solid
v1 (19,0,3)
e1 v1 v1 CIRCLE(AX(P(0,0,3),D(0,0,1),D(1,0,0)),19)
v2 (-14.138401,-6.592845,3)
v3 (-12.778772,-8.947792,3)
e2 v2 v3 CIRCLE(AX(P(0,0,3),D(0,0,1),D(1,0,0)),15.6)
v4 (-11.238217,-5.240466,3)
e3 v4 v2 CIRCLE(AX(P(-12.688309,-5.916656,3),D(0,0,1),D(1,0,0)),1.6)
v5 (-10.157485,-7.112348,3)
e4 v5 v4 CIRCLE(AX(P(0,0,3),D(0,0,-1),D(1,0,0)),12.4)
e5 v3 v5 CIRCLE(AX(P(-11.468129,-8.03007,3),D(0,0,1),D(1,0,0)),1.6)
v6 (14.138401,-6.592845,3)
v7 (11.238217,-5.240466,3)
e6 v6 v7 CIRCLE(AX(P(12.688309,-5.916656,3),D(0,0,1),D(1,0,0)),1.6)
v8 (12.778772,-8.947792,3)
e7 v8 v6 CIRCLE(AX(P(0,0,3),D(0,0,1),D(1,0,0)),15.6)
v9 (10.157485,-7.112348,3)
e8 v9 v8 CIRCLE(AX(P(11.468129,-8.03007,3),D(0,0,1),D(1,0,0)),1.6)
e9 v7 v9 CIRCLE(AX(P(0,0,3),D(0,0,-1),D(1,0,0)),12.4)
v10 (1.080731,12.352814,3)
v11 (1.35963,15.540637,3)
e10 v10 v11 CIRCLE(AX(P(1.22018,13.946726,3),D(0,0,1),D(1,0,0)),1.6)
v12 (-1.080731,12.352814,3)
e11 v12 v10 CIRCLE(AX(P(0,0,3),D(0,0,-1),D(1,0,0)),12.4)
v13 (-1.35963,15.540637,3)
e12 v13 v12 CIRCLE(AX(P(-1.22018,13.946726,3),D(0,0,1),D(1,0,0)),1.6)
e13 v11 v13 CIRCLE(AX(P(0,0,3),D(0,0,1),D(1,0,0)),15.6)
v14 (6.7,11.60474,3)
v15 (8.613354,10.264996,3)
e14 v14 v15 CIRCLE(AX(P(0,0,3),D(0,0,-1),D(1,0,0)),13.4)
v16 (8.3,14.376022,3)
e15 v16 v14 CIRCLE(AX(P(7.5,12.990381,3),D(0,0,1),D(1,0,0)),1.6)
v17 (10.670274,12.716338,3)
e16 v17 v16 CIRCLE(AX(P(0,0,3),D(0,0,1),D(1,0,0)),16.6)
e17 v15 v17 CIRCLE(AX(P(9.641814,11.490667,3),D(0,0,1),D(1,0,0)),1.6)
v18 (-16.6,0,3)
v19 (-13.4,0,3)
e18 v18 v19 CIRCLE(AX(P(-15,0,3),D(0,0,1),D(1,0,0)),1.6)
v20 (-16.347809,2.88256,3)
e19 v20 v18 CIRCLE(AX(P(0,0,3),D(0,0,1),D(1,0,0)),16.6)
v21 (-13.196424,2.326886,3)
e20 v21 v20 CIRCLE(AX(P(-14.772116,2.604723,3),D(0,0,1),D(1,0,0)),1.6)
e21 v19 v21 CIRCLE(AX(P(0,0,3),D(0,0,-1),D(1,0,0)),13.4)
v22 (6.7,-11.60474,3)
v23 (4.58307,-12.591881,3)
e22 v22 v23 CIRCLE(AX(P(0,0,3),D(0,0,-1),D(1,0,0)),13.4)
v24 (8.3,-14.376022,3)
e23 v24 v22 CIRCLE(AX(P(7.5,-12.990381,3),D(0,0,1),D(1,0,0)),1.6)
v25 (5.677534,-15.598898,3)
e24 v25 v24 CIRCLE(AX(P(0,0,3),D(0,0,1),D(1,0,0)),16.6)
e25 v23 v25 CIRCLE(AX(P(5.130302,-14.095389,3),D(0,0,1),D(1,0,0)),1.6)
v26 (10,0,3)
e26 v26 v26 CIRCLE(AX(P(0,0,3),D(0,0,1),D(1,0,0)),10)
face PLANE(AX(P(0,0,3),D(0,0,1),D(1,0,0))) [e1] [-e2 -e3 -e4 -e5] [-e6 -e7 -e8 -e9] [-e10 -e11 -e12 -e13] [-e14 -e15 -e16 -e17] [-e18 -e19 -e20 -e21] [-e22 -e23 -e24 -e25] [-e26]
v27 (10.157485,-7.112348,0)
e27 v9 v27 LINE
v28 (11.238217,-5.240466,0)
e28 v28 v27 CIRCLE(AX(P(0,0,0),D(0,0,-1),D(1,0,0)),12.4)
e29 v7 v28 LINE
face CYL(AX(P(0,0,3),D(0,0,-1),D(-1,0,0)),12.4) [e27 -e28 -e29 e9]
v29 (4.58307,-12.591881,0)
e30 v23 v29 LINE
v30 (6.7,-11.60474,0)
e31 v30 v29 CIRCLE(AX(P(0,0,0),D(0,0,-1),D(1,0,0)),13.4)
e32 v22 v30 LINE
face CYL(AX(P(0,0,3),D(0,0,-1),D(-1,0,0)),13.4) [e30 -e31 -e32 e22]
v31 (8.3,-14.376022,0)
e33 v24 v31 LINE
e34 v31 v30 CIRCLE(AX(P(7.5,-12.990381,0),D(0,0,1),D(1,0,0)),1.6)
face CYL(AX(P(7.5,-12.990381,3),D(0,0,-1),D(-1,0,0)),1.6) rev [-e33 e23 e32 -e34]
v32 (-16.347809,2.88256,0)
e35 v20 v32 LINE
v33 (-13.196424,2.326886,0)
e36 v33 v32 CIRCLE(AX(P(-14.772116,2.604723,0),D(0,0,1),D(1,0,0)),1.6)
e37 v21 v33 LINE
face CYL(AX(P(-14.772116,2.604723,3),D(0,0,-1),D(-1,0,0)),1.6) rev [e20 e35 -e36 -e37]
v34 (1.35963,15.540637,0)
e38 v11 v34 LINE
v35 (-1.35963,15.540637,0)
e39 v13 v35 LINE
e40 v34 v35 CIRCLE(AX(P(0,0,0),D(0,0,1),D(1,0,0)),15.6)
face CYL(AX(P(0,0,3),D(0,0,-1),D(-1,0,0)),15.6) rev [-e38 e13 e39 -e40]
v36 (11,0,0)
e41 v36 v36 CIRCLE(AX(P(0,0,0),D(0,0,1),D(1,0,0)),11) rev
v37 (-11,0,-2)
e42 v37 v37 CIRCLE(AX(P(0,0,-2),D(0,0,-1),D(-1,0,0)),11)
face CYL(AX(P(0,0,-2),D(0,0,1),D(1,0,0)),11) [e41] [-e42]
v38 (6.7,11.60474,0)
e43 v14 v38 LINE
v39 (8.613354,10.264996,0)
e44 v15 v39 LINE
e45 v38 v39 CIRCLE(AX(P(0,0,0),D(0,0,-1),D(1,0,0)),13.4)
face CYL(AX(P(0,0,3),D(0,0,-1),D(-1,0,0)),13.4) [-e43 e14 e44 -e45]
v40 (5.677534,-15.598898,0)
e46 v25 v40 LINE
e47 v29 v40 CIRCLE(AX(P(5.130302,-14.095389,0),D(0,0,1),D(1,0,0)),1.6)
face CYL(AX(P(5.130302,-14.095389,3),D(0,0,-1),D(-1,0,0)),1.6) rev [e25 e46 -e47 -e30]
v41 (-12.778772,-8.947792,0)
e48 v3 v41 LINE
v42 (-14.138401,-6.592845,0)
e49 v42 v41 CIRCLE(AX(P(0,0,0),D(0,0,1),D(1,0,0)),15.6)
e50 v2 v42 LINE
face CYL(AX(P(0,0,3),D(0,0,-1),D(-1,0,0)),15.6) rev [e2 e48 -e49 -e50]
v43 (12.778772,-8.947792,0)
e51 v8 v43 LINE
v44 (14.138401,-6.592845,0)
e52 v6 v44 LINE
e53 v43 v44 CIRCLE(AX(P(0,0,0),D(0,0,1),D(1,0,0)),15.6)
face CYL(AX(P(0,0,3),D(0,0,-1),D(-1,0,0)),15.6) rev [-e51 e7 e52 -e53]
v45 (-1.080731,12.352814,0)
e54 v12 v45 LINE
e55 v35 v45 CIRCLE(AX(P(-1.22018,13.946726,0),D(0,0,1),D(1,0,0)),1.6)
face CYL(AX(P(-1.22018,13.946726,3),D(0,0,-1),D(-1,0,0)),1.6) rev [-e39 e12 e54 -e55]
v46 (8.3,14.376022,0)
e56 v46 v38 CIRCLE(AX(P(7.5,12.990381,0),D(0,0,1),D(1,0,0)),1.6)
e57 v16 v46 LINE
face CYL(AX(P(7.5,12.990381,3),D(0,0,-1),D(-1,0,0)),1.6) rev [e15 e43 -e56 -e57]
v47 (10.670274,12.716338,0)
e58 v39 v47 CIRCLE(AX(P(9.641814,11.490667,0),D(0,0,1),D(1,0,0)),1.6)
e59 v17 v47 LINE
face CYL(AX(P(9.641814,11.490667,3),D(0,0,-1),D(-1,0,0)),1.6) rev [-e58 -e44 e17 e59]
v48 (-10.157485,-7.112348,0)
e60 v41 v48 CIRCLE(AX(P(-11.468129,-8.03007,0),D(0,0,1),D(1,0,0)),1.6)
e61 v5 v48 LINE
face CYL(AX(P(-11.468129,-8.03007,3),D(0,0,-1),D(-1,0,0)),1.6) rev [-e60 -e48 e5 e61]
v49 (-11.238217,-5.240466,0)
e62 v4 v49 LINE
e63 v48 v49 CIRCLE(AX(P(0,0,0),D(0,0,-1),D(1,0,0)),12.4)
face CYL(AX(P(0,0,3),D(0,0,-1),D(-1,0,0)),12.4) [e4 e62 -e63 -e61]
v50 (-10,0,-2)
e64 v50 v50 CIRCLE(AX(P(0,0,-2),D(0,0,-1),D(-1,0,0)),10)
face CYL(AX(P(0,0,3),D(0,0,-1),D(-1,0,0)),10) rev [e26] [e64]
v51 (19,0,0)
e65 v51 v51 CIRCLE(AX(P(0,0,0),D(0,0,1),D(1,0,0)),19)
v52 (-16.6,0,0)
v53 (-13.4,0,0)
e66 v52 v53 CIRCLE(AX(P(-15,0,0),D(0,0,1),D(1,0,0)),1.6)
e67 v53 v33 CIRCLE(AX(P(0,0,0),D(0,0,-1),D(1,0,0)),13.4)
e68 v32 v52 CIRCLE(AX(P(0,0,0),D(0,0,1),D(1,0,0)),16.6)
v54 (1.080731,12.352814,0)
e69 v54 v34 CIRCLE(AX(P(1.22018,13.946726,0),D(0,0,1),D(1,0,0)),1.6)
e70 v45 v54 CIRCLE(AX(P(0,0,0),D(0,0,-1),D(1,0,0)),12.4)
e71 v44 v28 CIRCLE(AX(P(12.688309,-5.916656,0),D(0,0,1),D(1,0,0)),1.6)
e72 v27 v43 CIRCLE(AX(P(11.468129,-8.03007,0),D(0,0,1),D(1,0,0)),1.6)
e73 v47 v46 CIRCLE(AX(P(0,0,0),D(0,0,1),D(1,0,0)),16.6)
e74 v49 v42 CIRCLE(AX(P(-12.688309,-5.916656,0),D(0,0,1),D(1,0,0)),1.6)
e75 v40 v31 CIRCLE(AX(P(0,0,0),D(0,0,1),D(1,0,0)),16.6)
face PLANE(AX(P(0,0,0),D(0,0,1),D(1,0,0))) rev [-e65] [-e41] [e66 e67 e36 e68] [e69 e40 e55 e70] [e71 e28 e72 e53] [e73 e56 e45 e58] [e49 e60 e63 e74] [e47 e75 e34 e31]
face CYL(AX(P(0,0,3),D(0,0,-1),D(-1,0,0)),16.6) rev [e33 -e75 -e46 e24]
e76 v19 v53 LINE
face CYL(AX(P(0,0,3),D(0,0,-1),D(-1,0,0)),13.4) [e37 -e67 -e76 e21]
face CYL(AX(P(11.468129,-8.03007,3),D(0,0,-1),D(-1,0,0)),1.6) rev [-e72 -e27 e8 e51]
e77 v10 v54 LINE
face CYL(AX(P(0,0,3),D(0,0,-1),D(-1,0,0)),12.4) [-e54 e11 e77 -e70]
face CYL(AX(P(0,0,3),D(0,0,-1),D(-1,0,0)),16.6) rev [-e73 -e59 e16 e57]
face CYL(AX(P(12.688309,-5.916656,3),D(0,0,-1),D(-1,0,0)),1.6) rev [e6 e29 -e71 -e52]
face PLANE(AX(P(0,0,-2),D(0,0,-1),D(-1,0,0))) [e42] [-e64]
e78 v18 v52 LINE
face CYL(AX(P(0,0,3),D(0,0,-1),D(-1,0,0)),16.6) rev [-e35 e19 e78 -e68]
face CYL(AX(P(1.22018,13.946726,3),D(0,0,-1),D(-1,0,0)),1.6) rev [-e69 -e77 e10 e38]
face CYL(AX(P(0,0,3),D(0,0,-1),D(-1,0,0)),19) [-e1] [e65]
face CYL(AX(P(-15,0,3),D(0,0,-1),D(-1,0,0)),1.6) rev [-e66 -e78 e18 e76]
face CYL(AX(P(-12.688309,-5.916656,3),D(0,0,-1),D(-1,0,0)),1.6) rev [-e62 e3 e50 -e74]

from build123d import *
from build123d.topology import SkipClean

# Parameters (mm, degrees)
SKETCH1_R           = 19
SKETCH1_R_2         = 10
BOSS_EXTRUDE1_DEPTH = 3
BOSS_EXTRUDE2_START = 2
SKETCH2_R           = 11
SKETCH2_R_2         = 10
BOSS_EXTRUDE2_DEPTH = 2


with BuildPart() as part:
    # Sketch1 → Boss-Extrude1 (new body)
    with BuildSketch(Plane.XY):
        Circle(SKETCH1_R)
        Circle(SKETCH1_R_2, mode=Mode.SUBTRACT)
        with BuildLine():
            ThreePointArc((1.359629587, 15.54063729), (0, 15.6), (-1.359629587, 15.54063729))
            ThreePointArc((-1.359629587, 15.54063729), (-2.814091915, 13.807276585), (-1.08073121, 12.352814256))
            ThreePointArc((-1.08073121, 12.352814256), (0, 12.4), (1.08073121, 12.352814256))
            ThreePointArc((1.08073121, 12.352814256), (2.814091915, 13.807276585), (1.359629587, 15.54063729))
        make_face(mode=Mode.SUBTRACT)
        with BuildLine():
            ThreePointArc((10.670274321, 12.716337756), (9.521368843, 13.597923935), (8.3, 14.376021703))
            ThreePointArc((8.3, 14.376021703), (6.114359354, 13.790381057), (6.7, 11.604740411))
            ThreePointArc((6.7, 11.604740411), (7.685924247, 10.976637393), (8.61335397, 10.264995538))
            ThreePointArc((8.61335397, 10.264995538), (10.867485254, 10.462206471), (10.670274321, 12.716337756))
        make_face(mode=Mode.SUBTRACT)
        with BuildLine():
            ThreePointArc((12.778771891, -8.947792407), (13.509996299, -7.8), (14.138401478, -6.592844883))
            ThreePointArc((14.138401478, -6.592844883), (13.364498237, -4.466563205), (11.238216559, -5.240466446))
            ThreePointArc((11.238216559, -5.240466446), (10.738715007, -6.2), (10.157485349, -7.112347811))
            ThreePointArc((10.157485349, -7.112347811), (10.550406322, -9.34071338), (12.778771891, -8.947792407))
        make_face(mode=Mode.SUBTRACT)
        with BuildLine():
            ThreePointArc((5.677534379, -15.598897505), (7.015463145, -15.044709265), (8.3, -14.376021703))
            ThreePointArc((8.3, -14.376021703), (8.885640646, -12.190381057), (6.7, -11.604740411))
            ThreePointArc((6.7, -11.604740411), (5.663084707, -12.144524346), (4.583069921, -12.591881119))
            ThreePointArc((4.583069921, -12.591881119), (3.626793957, -14.642621541), (5.677534379, -15.598897505))
        make_face(mode=Mode.SUBTRACT)
        with BuildLine():
            ThreePointArc((-14.138401478, -6.592844883), (-13.509996299, -7.8), (-12.778771891, -8.947792407))
            ThreePointArc((-12.778771891, -8.947792407), (-10.550406322, -9.34071338), (-10.157485349, -7.112347811))
            ThreePointArc((-10.157485349, -7.112347811), (-10.738715007, -6.2), (-11.238216559, -5.240466446))
            ThreePointArc((-11.238216559, -5.240466446), (-13.364498237, -4.466563205), (-14.138401478, -6.592844883))
        make_face(mode=Mode.SUBTRACT)
        with BuildLine():
            ThreePointArc((-16.3478087, 2.882559749), (-16.536831988, 1.44678533), (-16.6, 0))
            ThreePointArc((-16.6, 0), (-15, -1.6), (-13.4, 0))
            ThreePointArc((-13.4, 0), (-13.349008954, 1.167886953), (-13.19642389, 2.326885581))
            ThreePointArc((-13.19642389, 2.326885581), (-14.494279211, 4.18041507), (-16.3478087, 2.882559749))
        make_face(mode=Mode.SUBTRACT)
    extrude(amount=BOSS_EXTRUDE1_DEPTH)

    # Sketch2 → Boss-Extrude2 (add)
    with SkipClean():  # the faces are left unmerged after this step: merging them gives an invalid solid
        with BuildSketch(Plane(origin=(0, 0, 0), x_dir=(-1, 0, 0), z_dir=(0, 0, -1)).offset(BOSS_EXTRUDE2_START)):
            with Locations(Location((0, 0, 0), (0, 0, 180))):
                Circle(SKETCH2_R)
            Circle(SKETCH2_R_2, mode=Mode.SUBTRACT)
        extrude(amount=-BOSS_EXTRUDE2_DEPTH)


solid = part.part
